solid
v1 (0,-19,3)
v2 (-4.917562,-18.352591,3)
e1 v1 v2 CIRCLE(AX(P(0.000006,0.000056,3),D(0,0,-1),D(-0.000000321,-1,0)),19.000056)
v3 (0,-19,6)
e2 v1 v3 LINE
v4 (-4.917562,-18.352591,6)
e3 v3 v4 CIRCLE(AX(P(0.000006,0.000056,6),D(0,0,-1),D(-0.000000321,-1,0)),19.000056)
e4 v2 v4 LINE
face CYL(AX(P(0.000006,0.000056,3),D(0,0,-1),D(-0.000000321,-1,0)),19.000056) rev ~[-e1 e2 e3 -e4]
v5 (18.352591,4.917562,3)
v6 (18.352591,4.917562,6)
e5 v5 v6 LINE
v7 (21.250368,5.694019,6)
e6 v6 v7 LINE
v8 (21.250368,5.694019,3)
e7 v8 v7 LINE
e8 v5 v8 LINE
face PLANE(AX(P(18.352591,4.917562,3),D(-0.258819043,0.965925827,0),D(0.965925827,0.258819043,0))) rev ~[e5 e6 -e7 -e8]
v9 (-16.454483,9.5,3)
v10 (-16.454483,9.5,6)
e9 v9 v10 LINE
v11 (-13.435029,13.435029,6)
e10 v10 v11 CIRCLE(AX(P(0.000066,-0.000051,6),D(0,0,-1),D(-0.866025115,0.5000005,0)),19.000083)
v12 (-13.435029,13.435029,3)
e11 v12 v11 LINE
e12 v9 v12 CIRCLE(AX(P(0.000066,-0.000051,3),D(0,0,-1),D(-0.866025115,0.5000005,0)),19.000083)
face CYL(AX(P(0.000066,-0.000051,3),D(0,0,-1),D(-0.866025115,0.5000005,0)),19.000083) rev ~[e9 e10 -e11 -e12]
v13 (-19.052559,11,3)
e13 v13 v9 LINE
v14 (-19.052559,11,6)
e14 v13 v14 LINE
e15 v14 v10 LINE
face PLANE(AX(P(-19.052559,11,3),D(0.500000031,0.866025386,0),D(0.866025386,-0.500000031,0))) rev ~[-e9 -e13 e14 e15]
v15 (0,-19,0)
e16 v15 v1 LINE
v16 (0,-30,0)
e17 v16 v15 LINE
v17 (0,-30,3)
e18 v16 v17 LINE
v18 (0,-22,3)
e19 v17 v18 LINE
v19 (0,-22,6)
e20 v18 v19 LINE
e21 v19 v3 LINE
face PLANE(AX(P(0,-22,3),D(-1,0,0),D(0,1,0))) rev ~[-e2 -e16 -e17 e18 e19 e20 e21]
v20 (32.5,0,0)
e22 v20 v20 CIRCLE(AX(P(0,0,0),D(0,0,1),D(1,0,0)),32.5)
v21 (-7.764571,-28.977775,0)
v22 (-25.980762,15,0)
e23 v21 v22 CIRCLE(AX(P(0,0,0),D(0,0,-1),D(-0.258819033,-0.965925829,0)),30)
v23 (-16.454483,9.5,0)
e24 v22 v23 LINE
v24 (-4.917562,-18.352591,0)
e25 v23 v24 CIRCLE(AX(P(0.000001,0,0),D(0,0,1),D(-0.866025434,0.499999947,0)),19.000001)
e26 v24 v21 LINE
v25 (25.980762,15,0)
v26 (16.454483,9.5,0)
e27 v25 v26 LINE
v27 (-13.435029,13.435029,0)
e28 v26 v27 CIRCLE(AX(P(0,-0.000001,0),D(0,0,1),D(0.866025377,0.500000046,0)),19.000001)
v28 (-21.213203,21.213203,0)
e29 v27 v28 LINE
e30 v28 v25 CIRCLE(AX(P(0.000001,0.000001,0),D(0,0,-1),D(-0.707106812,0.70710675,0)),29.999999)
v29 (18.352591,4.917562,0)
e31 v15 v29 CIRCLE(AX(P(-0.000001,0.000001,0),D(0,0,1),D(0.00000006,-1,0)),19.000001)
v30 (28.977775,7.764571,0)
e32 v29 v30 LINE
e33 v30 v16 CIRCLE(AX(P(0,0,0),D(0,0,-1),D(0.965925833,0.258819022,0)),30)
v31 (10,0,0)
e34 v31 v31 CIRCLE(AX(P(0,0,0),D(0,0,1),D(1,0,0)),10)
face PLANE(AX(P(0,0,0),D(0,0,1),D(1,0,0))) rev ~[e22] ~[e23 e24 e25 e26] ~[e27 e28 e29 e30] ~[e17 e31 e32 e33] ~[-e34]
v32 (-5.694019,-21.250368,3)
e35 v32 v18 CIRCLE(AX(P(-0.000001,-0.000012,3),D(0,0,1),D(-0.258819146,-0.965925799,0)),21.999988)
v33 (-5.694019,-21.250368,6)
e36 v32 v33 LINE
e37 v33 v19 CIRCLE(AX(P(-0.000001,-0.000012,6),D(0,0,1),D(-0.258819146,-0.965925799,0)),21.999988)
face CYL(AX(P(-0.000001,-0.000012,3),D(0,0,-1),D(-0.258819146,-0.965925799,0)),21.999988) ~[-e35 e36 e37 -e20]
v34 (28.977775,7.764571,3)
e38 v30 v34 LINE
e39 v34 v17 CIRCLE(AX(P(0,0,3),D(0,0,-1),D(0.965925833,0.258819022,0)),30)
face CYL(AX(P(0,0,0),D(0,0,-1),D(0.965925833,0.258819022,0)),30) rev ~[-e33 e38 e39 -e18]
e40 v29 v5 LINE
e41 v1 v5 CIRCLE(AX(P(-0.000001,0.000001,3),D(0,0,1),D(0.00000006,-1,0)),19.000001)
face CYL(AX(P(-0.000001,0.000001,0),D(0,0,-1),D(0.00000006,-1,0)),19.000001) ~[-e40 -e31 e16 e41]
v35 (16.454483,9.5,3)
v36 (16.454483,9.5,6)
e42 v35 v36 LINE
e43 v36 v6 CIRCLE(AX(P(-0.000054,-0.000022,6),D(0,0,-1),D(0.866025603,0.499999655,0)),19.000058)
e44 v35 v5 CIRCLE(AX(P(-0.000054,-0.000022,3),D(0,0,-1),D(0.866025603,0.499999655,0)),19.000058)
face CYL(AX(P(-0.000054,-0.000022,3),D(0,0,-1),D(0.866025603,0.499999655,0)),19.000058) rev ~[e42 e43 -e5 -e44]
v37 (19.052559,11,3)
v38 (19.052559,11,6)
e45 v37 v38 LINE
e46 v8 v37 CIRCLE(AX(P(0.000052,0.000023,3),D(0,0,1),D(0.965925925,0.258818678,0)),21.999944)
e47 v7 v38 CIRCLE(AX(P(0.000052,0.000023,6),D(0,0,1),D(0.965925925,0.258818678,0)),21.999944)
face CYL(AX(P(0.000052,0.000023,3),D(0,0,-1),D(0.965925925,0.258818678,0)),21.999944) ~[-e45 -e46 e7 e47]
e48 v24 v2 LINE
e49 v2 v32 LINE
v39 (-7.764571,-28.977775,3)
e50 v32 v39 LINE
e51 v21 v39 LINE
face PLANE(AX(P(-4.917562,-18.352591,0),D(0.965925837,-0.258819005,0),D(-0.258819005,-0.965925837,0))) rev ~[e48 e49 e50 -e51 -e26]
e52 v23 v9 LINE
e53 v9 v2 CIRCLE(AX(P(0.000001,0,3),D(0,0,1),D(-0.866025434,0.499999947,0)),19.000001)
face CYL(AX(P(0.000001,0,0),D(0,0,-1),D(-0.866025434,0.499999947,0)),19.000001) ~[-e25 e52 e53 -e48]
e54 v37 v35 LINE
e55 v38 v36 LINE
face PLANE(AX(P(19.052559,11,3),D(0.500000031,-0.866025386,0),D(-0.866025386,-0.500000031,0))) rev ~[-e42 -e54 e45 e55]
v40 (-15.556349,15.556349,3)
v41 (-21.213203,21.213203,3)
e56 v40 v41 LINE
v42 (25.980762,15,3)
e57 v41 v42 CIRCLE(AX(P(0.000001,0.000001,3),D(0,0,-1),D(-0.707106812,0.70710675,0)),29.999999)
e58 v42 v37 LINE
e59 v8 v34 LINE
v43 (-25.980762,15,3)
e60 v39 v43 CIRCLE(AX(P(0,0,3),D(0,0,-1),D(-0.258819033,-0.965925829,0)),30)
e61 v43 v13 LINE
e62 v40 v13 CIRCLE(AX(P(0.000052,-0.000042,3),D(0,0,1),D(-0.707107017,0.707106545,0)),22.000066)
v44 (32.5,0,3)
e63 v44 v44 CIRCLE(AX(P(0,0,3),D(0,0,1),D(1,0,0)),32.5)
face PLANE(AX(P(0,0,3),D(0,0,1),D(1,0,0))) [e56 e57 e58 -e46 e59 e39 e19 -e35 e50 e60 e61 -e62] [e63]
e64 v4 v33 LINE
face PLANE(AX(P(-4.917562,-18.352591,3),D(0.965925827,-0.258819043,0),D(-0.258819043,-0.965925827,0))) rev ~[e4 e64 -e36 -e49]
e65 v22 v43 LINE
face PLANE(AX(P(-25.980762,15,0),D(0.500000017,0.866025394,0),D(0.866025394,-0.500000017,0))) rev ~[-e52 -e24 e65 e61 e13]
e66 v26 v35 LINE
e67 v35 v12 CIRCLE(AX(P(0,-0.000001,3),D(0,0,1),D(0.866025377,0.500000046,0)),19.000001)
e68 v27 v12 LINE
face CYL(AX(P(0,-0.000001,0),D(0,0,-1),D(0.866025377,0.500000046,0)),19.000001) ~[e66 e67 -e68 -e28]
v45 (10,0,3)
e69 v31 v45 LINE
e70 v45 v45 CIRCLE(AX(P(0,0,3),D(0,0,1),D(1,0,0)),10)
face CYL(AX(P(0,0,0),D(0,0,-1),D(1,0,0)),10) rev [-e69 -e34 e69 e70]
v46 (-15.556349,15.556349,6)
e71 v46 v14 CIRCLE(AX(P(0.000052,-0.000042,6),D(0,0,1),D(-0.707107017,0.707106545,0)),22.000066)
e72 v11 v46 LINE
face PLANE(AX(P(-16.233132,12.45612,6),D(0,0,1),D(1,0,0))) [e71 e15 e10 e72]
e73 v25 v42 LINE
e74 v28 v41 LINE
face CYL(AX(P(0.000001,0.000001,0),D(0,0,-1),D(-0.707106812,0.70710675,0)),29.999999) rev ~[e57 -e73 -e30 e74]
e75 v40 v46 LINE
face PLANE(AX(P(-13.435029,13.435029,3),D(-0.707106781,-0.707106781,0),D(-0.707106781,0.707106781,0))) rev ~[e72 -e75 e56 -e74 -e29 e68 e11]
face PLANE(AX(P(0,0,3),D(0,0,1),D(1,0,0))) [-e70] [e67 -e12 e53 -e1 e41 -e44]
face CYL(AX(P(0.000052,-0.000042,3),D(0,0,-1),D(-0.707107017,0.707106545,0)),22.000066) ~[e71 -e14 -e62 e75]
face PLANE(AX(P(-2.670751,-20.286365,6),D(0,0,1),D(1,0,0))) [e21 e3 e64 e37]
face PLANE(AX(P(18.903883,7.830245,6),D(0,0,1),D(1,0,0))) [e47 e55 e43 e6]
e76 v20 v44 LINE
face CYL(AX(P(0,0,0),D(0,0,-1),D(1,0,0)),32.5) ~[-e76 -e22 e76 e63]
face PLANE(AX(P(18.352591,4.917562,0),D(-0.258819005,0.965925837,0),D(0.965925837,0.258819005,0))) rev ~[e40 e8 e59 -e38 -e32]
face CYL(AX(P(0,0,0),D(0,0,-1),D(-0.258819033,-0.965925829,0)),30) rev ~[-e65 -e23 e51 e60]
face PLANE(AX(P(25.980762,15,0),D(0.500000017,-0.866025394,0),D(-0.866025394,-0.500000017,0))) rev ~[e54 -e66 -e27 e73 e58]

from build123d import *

# Parameters (mm, degrees)
F0_R     = 32.5
F0_R_2   = 10
F1_DEPTH = 3
F3_DEPTH = 3


with BuildPart() as f1:
    # F0 (on Top) → F1 (new body)
    with BuildSketch(Plane.XY):
        Circle(F0_R)
        with BuildLine():
            ThreePointArc((-7.764571, -28.977775), (-27.716386, -11.480503), (-25.980762, 15))
            Line((-25.980762, 15), (-16.454483, 9.5))
            ThreePointArc((-16.454483, 9.5), (-17.553711, -7.270985), (-4.917562, -18.352591))
            Line((-4.917562, -18.352591), (-7.764571, -28.977775))
        make_face(mode=Mode.SUBTRACT)
        with BuildLine():
            Line((0, -30), (0, -19))
            ThreePointArc((0, -19), (15.073713, -11.566467), (18.352591, 4.917562))
            Line((18.352591, 4.917562), (28.977775, 7.764571))
            ThreePointArc((28.977775, 7.764571), (23.8006, -18.262843), (0, -30))
        make_face(mode=Mode.SUBTRACT)
        Circle(F0_R_2, mode=Mode.SUBTRACT)
        with BuildLine():
            Line((25.980762, 15), (16.454483, 9.5))
            ThreePointArc((16.454483, 9.5), (2.479998, 18.837452), (-13.435029, 13.435029))
            Line((-13.435029, 13.435029), (-21.213203, 21.213203))
            ThreePointArc((-21.213203, 21.213203), (3.915786, 29.743346), (25.980762, 15))
        make_face(mode=Mode.SUBTRACT)
    extrude(amount=F1_DEPTH)

    # F2 (on face) → F3 (join)
    with BuildSketch(Plane.XY.offset(3)):
        with BuildLine():
            ThreePointArc((0, -19), (-2.479998, -18.837452), (-4.917562, -18.352591))
            Line((-4.917562, -18.352591), (-5.694019, -21.250368))
            ThreePointArc((-5.694019, -21.250368), (-2.871576, -21.811787), (0, -22))
            Line((0, -22), (0, -19))
        make_face()
        with BuildLine():
            Line((-19.052559, 11), (-16.454483, 9.5))
            ThreePointArc((-16.454483, 9.5), (-15.073713, 11.566467), (-13.435029, 13.435029))
            Line((-13.435029, 13.435029), (-15.556349, 15.556349))
            ThreePointArc((-15.556349, 15.556349), (-17.453773, 13.392751), (-19.052559, 11))
        make_face()
        with BuildLine():
            Line((19.052559, 11), (16.454483, 9.5))
            ThreePointArc((16.454483, 9.5), (17.553711, 7.270985), (18.352591, 4.917562))
            Line((18.352591, 4.917562), (21.250368, 5.694019))
            ThreePointArc((21.250368, 5.694019), (20.32535, 8.419036), (19.052559, 11))
        make_face()
    extrude(amount=F3_DEPTH)


solid = f1.part
